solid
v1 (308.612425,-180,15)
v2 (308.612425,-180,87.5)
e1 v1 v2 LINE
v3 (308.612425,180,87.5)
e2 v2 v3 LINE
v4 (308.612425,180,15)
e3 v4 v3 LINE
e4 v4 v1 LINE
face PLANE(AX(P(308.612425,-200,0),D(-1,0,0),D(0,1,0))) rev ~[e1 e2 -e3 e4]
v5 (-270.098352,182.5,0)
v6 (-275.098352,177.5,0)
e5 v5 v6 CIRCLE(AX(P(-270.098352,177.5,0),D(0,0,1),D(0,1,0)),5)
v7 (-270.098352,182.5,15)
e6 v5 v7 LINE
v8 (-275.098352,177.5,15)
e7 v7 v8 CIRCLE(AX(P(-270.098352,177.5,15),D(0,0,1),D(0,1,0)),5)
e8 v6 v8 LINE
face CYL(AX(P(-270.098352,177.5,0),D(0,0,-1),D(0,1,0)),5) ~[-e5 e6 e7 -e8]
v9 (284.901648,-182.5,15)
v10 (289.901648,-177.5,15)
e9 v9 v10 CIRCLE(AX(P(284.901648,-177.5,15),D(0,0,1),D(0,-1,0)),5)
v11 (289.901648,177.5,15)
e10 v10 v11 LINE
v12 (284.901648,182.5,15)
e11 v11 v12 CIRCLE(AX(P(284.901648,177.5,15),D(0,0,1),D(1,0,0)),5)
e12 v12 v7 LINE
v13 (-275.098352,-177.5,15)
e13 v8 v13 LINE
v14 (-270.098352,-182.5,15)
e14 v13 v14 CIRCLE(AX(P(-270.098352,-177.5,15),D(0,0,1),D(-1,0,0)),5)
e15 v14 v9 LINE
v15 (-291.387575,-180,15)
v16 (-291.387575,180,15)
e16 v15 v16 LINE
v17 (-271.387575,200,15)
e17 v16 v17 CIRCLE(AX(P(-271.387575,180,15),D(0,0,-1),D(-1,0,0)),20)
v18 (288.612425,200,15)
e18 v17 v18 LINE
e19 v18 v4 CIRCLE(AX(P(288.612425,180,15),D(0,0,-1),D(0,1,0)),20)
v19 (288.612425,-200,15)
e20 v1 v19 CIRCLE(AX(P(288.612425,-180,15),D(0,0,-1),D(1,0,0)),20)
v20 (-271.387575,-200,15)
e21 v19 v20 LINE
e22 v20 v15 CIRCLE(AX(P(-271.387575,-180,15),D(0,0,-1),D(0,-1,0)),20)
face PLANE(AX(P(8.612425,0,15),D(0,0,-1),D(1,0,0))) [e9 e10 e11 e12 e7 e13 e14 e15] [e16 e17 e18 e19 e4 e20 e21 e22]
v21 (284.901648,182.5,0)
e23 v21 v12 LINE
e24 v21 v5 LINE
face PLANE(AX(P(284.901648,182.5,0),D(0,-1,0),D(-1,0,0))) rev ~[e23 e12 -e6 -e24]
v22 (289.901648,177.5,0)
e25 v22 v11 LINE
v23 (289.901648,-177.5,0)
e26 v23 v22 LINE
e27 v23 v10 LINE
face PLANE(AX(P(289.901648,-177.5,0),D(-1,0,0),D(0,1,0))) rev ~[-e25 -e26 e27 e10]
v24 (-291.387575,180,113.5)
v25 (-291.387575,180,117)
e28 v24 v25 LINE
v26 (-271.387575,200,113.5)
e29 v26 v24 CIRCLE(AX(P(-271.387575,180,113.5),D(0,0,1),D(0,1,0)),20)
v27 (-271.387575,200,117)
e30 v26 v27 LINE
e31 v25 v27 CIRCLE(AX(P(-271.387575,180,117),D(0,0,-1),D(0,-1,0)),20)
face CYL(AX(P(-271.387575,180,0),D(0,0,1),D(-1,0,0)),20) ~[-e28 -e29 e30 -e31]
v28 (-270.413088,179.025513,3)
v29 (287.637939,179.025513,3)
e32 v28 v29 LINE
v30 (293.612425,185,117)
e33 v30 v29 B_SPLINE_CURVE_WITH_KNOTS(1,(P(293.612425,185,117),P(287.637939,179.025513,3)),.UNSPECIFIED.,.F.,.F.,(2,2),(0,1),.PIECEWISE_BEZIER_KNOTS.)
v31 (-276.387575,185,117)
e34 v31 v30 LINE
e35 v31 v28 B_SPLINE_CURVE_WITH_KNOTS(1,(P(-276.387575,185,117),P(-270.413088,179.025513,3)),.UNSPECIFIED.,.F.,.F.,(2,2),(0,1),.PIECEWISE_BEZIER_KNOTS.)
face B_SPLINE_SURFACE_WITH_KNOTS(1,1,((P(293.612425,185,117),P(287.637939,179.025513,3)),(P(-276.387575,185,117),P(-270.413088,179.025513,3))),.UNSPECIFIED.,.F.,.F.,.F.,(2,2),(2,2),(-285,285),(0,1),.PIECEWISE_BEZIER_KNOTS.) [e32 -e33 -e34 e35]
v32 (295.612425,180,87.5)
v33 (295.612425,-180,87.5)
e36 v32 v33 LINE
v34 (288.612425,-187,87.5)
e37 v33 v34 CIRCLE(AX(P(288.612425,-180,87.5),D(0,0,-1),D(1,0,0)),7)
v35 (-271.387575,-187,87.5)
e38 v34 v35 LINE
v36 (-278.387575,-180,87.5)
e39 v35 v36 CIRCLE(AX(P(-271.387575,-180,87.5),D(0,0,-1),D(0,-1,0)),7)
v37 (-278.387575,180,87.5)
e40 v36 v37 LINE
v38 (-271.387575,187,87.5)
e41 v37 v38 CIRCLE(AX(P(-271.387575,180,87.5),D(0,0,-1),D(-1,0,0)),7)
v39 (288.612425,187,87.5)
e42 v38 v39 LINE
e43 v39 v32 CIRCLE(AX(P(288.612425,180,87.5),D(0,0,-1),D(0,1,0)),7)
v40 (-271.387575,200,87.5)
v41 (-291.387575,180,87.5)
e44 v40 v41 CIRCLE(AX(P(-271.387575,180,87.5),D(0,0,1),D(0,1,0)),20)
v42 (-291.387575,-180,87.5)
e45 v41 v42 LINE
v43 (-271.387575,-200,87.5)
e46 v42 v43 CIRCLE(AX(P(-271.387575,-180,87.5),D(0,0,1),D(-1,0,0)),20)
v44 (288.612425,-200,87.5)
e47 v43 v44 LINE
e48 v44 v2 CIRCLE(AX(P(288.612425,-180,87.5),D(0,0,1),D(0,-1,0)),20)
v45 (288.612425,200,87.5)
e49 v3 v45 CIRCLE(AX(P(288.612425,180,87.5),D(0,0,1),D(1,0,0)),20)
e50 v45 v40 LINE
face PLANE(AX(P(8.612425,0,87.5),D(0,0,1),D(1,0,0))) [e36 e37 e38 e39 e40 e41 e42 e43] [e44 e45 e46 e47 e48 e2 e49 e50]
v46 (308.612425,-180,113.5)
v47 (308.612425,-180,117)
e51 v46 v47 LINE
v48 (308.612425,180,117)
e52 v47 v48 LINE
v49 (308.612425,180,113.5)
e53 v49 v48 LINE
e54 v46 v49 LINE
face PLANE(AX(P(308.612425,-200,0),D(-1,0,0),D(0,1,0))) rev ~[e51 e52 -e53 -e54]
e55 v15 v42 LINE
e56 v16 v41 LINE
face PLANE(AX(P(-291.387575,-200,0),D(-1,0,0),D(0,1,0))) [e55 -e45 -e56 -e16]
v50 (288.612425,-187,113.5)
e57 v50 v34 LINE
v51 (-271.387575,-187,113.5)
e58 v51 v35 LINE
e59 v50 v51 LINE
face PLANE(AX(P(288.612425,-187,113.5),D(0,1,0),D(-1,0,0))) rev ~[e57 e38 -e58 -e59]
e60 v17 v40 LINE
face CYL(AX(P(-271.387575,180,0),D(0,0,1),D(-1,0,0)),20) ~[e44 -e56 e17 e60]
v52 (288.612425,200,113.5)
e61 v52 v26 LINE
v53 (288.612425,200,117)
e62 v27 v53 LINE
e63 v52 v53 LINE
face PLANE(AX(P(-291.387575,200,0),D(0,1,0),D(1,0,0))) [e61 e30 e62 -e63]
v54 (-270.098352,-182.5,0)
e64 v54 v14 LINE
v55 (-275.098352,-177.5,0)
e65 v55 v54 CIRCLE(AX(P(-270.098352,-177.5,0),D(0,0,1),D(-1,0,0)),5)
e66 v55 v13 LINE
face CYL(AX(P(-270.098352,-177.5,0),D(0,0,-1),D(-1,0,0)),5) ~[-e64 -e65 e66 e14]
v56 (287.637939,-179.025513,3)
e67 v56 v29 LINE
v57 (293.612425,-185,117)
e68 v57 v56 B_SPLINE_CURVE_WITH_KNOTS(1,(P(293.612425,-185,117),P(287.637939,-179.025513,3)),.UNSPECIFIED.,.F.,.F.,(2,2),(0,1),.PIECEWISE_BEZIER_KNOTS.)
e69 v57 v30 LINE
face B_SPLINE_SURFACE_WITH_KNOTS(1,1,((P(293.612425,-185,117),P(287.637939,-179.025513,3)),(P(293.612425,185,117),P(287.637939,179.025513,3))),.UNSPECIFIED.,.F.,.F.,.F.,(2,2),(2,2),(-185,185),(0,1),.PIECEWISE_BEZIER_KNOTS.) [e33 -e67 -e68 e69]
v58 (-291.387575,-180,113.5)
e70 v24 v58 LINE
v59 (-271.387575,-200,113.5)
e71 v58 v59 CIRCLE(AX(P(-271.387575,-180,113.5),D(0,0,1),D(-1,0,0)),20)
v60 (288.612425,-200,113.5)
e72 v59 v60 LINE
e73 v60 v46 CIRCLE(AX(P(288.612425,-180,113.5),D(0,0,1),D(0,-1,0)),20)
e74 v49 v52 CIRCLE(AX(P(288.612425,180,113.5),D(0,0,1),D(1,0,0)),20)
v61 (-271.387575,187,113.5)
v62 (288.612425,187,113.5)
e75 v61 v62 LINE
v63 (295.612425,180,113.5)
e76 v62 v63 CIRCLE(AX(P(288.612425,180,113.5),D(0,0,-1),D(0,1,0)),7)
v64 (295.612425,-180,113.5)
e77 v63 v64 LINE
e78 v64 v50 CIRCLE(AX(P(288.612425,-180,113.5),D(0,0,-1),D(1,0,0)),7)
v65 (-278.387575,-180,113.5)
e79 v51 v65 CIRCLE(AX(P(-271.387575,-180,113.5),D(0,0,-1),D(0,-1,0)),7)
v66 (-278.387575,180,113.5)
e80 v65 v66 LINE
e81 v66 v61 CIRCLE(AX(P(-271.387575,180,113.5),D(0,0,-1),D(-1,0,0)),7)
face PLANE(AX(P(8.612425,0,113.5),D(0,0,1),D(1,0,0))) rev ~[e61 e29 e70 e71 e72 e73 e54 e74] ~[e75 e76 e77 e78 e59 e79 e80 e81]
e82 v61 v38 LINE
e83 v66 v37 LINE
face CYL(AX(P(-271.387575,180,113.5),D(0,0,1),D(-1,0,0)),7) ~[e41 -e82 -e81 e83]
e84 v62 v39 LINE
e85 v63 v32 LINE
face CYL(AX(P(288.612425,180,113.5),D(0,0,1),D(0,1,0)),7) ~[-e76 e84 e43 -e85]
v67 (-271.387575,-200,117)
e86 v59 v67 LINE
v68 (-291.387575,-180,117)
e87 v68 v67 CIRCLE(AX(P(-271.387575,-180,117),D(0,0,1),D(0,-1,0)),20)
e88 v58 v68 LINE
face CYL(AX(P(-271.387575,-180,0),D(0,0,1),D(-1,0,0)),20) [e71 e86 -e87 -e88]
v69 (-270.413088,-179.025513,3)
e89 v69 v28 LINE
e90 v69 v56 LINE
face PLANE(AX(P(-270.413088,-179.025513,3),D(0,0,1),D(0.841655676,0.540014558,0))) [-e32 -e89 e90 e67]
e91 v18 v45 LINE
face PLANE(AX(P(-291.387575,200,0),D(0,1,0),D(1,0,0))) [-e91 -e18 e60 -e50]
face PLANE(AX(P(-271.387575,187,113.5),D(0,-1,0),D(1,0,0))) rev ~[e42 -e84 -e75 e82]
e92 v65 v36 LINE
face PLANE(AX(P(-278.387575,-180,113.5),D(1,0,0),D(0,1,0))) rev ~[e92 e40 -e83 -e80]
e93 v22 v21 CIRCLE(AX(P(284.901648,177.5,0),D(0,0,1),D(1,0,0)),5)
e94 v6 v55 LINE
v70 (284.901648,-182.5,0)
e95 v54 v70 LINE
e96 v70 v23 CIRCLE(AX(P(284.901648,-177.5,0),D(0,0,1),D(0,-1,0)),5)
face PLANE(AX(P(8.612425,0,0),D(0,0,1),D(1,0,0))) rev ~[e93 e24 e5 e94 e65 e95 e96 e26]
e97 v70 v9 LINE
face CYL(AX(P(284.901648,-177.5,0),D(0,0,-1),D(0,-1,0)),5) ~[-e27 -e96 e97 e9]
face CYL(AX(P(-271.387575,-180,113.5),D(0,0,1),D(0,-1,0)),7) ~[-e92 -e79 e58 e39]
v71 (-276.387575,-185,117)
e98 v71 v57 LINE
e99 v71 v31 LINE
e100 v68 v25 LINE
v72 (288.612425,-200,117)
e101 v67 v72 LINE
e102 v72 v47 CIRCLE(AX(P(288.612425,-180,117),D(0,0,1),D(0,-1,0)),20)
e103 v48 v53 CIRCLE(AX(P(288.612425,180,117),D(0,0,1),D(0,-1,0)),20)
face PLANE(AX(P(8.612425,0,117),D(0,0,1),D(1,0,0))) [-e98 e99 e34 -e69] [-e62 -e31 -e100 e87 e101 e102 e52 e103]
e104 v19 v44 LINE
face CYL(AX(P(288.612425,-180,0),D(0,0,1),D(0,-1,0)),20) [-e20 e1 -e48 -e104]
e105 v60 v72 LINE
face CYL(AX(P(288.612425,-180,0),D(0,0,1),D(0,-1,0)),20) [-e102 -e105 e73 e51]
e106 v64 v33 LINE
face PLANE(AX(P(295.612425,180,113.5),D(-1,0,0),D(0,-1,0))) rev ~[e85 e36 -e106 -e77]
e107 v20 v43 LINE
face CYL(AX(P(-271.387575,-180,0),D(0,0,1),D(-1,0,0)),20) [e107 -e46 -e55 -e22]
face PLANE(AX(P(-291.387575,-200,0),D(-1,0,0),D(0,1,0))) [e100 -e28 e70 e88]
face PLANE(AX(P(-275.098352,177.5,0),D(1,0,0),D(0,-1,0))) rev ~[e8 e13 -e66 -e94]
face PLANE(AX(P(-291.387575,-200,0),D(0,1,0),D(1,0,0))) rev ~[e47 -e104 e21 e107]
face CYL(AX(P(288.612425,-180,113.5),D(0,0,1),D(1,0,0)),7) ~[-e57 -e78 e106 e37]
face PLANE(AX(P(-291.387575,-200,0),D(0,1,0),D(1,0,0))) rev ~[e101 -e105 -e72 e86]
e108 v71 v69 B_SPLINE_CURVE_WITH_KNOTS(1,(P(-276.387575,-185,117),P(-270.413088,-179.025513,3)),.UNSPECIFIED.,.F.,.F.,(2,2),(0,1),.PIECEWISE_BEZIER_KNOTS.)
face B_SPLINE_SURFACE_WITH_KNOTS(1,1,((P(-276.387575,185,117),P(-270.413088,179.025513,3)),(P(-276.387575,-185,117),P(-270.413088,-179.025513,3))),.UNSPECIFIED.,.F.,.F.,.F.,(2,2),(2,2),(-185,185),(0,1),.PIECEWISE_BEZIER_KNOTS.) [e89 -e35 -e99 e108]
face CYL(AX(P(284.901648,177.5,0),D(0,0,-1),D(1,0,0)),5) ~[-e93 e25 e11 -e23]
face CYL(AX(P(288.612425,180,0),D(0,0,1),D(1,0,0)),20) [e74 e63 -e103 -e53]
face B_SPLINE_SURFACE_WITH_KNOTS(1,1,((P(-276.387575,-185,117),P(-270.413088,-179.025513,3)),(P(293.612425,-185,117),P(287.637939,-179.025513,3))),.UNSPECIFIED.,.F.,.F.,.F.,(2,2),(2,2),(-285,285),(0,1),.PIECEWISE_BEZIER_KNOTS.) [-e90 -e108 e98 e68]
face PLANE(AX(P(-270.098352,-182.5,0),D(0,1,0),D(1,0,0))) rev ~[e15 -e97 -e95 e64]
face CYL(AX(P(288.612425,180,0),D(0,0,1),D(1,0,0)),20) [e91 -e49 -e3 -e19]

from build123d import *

# Parameters (mm, degrees)
F0_W     = 600
F0_H     = 400
F1_DEPTH = 117
F2_R     = 20
F4_DEPTH = 15
F7_DEPTH = 26
F8_W     = 570
F8_H     = 370
F9_DEPTH = 114
F9_TAPER = 3


with BuildPart() as f1:
    # F0 (on Top) → F1 (new body)
    with BuildSketch(Plane.XY):
        with Locations((8.6124254986, 0)):
            Rectangle(F0_W, F0_H)
    extrude(amount=F1_DEPTH)

    # F2
    f2_edges = [f1.edges().sort_by_distance(p)[0] for p in [
        (-291.387575, -200, 58.5),
        (308.612425, -200, 58.5),
        (308.612425, 200, 58.5),
        (-291.387575, 200, 58.5),
    ]]
    fillet(f2_edges, radius=F2_R)

    # F3 (on face) → F4 (cut)
    with BuildSketch(Plane(origin=(0, 0, 0), x_dir=(1, 0, 0), z_dir=(0, 0, -1))):
        with BuildLine():
            ThreePointArc((308.6124254986, 180), (302.7545611224, 194.1421356237), (288.6124254986, 200))
            Line((288.6124254986, 200), (-271.3875745014, 200))
            ThreePointArc((-271.3875745014, 200), (-285.5297101251, 194.1421356237), (-291.3875745014, 180))
            Line((-291.3875745014, 180), (-291.3875745014, -180))
            ThreePointArc((-291.3875745014, -180), (-285.5297101251, -194.1421356237), (-271.3875745014, -200))
            Line((-271.3875745014, -200), (288.6124254986, -200))
            ThreePointArc((288.6124254986, -200), (302.7545611224, -194.1421356237), (308.6124254986, -180))
            Line((308.6124254986, -180), (308.6124254986, 180))
        make_face()
        with BuildLine():
            ThreePointArc((-275.0983515568, 177.5), (-273.6338854627, 181.0355339059), (-270.0983515568, 182.5))
            Line((-270.0983515568, 182.5), (284.9016484432, 182.5))
            ThreePointArc((284.9016484432, 182.5), (288.4371823491, 181.0355339059), (289.9016484432, 177.5))
            Line((289.9016484432, 177.5), (289.9016484432, -177.5))
            ThreePointArc((289.9016484432, -177.5), (288.4371823491, -181.0355339059), (284.9016484432, -182.5))
            Line((284.9016484432, -182.5), (-270.0983515568, -182.5))
            ThreePointArc((-270.0983515568, -182.5), (-273.6338854627, -181.0355339059), (-275.0983515568, -177.5))
            Line((-275.0983515568, -177.5), (-275.0983515568, 177.5))
        make_face(mode=Mode.SUBTRACT)
    extrude(amount=-F4_DEPTH, mode=Mode.SUBTRACT)

    # F6 (on offset) → F7 (cut)
    with BuildSketch(Plane.XY.offset(113.5)):
        with BuildLine():
            ThreePointArc((-271.3875745014, 200), (-285.5297101251, 194.1421356237), (-291.3875745014, 180))
            Line((-291.3875745014, 180), (-291.3875745014, -180))
            ThreePointArc((-291.3875745014, -180), (-285.5297101251, -194.1421356237), (-271.3875745014, -200))
            Line((-271.3875745014, -200), (288.6124254986, -200))
            ThreePointArc((288.6124254986, -200), (302.7545611224, -194.1421356237), (308.6124254986, -180))
            Line((308.6124254986, -180), (308.6124254986, 180))
            ThreePointArc((308.6124254986, 180), (302.7545611224, 194.1421356237), (288.6124254986, 200))
            Line((288.6124254986, 200), (-271.3875745014, 200))
        make_face()
        with BuildLine():
            ThreePointArc((-278.3875745014, 180), (-276.3373219697, 184.9497474683), (-271.3875745014, 187))
            Line((-271.3875745014, 187), (288.6124254986, 187))
            ThreePointArc((288.6124254986, 187), (293.5621729669, 184.9497474683), (295.6124254986, 180))
            Line((295.6124254986, 180), (295.6124254986, -180))
            ThreePointArc((295.6124254986, -180), (293.5621729669, -184.9497474683), (288.6124254986, -187))
            Line((288.6124254986, -187), (-271.3875745014, -187))
            ThreePointArc((-271.3875745014, -187), (-276.3373219697, -184.9497474683), (-278.3875745014, -180))
            Line((-278.3875745014, -180), (-278.3875745014, 180))
        make_face(mode=Mode.SUBTRACT)
    extrude(amount=-F7_DEPTH, mode=Mode.SUBTRACT)

    # F8 (on face) → F9 (cut)
    with BuildSketch(Plane.XY.offset(117)):
        with Locations((8.6124254986, 0)):
            Rectangle(F8_W, F8_H)
    extrude(amount=-F9_DEPTH, taper=F9_TAPER, mode=Mode.SUBTRACT)


solid = f1.part
